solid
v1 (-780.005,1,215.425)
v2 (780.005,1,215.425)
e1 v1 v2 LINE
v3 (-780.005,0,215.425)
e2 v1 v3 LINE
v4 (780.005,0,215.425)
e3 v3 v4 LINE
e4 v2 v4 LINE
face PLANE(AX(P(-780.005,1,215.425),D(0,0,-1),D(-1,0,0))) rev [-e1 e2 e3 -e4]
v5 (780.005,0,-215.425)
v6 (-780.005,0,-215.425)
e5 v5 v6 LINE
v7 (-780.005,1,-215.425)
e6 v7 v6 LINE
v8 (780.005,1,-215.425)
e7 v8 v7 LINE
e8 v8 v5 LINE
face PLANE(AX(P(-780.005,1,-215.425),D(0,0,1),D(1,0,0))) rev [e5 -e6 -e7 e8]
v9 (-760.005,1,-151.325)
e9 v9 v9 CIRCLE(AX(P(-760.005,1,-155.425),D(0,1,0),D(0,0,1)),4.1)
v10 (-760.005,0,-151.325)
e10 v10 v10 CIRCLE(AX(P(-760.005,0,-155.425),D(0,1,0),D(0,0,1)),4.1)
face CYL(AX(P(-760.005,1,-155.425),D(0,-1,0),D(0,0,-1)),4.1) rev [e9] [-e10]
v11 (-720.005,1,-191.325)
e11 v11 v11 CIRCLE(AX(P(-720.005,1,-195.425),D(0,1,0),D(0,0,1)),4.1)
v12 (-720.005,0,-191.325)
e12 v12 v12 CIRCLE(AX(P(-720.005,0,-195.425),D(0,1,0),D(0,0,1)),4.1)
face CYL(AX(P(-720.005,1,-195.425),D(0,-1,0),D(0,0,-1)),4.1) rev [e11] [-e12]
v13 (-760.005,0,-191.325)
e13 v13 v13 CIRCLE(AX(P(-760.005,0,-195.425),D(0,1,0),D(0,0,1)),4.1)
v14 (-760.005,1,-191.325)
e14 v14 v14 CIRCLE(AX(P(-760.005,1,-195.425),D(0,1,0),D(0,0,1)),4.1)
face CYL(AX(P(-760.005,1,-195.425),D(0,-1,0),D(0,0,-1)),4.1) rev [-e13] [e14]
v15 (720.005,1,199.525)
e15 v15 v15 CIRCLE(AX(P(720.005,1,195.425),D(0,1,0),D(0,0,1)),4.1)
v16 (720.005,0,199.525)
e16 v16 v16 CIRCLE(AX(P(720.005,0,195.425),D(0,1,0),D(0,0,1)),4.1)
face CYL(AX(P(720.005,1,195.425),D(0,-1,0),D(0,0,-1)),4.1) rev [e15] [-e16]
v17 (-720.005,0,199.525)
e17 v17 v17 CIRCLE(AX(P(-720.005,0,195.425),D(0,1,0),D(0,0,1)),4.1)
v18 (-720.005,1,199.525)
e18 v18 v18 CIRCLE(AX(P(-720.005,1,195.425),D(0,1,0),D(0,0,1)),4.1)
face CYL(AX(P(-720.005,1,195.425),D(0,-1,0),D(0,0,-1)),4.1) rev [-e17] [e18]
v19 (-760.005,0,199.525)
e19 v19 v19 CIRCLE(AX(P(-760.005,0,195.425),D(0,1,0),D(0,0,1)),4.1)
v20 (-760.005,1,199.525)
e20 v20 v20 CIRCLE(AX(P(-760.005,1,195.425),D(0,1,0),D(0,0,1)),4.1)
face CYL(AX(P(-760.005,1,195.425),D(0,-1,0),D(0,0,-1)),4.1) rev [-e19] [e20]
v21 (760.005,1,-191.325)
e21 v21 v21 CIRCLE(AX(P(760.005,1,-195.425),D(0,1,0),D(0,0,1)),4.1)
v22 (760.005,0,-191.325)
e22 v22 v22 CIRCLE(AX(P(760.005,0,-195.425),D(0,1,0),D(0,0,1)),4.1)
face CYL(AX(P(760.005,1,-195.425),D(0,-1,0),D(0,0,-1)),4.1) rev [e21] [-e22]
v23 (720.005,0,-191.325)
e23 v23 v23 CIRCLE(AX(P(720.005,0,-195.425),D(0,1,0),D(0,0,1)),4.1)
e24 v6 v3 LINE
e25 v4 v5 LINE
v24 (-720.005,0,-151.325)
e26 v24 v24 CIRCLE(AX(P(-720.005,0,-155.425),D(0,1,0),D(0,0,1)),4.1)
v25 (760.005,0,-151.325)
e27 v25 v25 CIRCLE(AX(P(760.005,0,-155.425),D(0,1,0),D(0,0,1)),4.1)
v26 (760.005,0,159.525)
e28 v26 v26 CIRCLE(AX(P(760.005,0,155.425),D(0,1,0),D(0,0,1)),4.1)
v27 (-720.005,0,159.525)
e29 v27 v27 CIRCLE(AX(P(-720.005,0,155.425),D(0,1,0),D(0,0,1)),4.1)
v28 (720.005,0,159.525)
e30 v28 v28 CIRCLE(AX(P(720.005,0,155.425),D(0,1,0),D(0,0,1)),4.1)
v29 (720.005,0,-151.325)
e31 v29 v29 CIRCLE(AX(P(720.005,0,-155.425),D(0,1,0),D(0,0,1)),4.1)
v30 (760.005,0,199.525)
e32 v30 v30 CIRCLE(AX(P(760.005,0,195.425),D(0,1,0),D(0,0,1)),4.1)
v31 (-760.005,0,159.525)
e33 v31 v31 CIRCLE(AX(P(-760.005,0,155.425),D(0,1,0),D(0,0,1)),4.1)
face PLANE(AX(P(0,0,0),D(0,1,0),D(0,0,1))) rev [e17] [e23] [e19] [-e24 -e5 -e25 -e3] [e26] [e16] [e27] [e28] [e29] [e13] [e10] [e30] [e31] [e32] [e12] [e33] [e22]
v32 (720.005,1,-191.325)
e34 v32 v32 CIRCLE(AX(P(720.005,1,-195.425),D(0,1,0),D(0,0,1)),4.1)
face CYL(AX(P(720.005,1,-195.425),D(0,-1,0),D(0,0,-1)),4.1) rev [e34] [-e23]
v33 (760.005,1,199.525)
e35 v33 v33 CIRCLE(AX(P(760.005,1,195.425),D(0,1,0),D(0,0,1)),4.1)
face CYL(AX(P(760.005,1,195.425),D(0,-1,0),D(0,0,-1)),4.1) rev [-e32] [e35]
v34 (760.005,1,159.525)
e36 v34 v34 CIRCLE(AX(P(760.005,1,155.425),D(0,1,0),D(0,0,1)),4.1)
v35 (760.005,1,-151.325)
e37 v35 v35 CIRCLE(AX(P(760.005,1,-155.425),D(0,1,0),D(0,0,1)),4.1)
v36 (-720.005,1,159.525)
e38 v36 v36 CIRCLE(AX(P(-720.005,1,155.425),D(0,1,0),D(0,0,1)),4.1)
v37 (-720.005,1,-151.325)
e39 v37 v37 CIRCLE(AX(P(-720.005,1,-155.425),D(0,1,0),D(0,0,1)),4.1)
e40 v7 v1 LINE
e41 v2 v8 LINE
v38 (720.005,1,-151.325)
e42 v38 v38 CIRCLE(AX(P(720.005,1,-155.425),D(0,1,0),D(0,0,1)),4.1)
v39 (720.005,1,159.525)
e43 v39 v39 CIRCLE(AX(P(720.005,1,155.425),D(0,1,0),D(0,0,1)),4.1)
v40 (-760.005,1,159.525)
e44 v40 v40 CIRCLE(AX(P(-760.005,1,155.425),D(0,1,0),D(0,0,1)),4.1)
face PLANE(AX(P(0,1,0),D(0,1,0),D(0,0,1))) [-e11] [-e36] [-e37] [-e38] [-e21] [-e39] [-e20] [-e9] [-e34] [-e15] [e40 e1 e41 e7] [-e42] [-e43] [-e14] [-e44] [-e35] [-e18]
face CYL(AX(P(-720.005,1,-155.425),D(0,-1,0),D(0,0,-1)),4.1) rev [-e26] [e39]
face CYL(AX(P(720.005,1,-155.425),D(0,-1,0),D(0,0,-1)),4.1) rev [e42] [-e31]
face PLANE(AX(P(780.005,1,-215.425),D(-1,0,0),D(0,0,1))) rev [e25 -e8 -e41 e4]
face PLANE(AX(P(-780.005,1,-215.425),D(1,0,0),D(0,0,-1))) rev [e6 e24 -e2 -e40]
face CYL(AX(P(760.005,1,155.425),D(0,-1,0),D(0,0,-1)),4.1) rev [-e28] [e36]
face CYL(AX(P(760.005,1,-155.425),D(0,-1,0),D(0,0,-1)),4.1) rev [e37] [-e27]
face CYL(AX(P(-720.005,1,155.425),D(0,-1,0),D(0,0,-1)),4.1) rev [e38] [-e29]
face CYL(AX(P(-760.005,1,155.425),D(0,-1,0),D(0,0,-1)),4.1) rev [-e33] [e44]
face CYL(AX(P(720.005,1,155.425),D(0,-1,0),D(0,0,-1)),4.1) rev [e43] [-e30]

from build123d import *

# Parameters (mm, degrees)
SKETCH1_W           = 1560.01
SKETCH1_H           = 430.85
SKETCH1_R           = 4.1
BOSS_EXTRUDE1_DEPTH = 1


with BuildPart() as part:
    # Sketch1 → Boss-Extrude1 (new body)
    with BuildSketch(Plane(origin=(0, 0, 0), x_dir=(1, 0, 0), z_dir=(0, 1, 0))):
        Rectangle(SKETCH1_W, SKETCH1_H)
        with Locations(Location((-760.005, 195.425, 0), (0, 0, 270))):
            Circle(SKETCH1_R, mode=Mode.SUBTRACT)
        with Locations(Location((-720.005, 195.425, 0), (0, 0, 270))):
            Circle(SKETCH1_R, mode=Mode.SUBTRACT)
        with Locations(Location((-720.005, 155.425, 0), (0, 0, 270))):
            Circle(SKETCH1_R, mode=Mode.SUBTRACT)
        with Locations(Location((-760.005, 155.425, 0), (0, 0, 270))):
            Circle(SKETCH1_R, mode=Mode.SUBTRACT)
        with Locations(Location((-760.005, -195.425, 0), (0, 0, 270))):
            Circle(SKETCH1_R, mode=Mode.SUBTRACT)
        with Locations(Location((-760.005, -155.425, 0), (0, 0, 270))):
            Circle(SKETCH1_R, mode=Mode.SUBTRACT)
        with Locations(Location((-720.005, -155.425, 0), (0, 0, 270))):
            Circle(SKETCH1_R, mode=Mode.SUBTRACT)
        with Locations(Location((-720.005, -195.425, 0), (0, 0, 270))):
            Circle(SKETCH1_R, mode=Mode.SUBTRACT)
        with Locations(Location((720.005, -195.425, 0), (0, 0, 270))):
            Circle(SKETCH1_R, mode=Mode.SUBTRACT)
        with Locations(Location((760.005, -195.425, 0), (0, 0, 270))):
            Circle(SKETCH1_R, mode=Mode.SUBTRACT)
        with Locations(Location((760.005, -155.425, 0), (0, 0, 270))):
            Circle(SKETCH1_R, mode=Mode.SUBTRACT)
        with Locations(Location((720.005, -155.425, 0), (0, 0, 270))):
            Circle(SKETCH1_R, mode=Mode.SUBTRACT)
        with Locations(Location((760.005, 155.425, 0), (0, 0, 270))):
            Circle(SKETCH1_R, mode=Mode.SUBTRACT)
        with Locations(Location((760.005, 195.425, 0), (0, 0, 270))):
            Circle(SKETCH1_R, mode=Mode.SUBTRACT)
        with Locations(Location((720.005, 155.425, 0), (0, 0, 270))):
            Circle(SKETCH1_R, mode=Mode.SUBTRACT)
        with Locations(Location((720.005, 195.425, 0), (0, 0, 270))):
            Circle(SKETCH1_R, mode=Mode.SUBTRACT)
    extrude(amount=BOSS_EXTRUDE1_DEPTH)


solid = part.part
